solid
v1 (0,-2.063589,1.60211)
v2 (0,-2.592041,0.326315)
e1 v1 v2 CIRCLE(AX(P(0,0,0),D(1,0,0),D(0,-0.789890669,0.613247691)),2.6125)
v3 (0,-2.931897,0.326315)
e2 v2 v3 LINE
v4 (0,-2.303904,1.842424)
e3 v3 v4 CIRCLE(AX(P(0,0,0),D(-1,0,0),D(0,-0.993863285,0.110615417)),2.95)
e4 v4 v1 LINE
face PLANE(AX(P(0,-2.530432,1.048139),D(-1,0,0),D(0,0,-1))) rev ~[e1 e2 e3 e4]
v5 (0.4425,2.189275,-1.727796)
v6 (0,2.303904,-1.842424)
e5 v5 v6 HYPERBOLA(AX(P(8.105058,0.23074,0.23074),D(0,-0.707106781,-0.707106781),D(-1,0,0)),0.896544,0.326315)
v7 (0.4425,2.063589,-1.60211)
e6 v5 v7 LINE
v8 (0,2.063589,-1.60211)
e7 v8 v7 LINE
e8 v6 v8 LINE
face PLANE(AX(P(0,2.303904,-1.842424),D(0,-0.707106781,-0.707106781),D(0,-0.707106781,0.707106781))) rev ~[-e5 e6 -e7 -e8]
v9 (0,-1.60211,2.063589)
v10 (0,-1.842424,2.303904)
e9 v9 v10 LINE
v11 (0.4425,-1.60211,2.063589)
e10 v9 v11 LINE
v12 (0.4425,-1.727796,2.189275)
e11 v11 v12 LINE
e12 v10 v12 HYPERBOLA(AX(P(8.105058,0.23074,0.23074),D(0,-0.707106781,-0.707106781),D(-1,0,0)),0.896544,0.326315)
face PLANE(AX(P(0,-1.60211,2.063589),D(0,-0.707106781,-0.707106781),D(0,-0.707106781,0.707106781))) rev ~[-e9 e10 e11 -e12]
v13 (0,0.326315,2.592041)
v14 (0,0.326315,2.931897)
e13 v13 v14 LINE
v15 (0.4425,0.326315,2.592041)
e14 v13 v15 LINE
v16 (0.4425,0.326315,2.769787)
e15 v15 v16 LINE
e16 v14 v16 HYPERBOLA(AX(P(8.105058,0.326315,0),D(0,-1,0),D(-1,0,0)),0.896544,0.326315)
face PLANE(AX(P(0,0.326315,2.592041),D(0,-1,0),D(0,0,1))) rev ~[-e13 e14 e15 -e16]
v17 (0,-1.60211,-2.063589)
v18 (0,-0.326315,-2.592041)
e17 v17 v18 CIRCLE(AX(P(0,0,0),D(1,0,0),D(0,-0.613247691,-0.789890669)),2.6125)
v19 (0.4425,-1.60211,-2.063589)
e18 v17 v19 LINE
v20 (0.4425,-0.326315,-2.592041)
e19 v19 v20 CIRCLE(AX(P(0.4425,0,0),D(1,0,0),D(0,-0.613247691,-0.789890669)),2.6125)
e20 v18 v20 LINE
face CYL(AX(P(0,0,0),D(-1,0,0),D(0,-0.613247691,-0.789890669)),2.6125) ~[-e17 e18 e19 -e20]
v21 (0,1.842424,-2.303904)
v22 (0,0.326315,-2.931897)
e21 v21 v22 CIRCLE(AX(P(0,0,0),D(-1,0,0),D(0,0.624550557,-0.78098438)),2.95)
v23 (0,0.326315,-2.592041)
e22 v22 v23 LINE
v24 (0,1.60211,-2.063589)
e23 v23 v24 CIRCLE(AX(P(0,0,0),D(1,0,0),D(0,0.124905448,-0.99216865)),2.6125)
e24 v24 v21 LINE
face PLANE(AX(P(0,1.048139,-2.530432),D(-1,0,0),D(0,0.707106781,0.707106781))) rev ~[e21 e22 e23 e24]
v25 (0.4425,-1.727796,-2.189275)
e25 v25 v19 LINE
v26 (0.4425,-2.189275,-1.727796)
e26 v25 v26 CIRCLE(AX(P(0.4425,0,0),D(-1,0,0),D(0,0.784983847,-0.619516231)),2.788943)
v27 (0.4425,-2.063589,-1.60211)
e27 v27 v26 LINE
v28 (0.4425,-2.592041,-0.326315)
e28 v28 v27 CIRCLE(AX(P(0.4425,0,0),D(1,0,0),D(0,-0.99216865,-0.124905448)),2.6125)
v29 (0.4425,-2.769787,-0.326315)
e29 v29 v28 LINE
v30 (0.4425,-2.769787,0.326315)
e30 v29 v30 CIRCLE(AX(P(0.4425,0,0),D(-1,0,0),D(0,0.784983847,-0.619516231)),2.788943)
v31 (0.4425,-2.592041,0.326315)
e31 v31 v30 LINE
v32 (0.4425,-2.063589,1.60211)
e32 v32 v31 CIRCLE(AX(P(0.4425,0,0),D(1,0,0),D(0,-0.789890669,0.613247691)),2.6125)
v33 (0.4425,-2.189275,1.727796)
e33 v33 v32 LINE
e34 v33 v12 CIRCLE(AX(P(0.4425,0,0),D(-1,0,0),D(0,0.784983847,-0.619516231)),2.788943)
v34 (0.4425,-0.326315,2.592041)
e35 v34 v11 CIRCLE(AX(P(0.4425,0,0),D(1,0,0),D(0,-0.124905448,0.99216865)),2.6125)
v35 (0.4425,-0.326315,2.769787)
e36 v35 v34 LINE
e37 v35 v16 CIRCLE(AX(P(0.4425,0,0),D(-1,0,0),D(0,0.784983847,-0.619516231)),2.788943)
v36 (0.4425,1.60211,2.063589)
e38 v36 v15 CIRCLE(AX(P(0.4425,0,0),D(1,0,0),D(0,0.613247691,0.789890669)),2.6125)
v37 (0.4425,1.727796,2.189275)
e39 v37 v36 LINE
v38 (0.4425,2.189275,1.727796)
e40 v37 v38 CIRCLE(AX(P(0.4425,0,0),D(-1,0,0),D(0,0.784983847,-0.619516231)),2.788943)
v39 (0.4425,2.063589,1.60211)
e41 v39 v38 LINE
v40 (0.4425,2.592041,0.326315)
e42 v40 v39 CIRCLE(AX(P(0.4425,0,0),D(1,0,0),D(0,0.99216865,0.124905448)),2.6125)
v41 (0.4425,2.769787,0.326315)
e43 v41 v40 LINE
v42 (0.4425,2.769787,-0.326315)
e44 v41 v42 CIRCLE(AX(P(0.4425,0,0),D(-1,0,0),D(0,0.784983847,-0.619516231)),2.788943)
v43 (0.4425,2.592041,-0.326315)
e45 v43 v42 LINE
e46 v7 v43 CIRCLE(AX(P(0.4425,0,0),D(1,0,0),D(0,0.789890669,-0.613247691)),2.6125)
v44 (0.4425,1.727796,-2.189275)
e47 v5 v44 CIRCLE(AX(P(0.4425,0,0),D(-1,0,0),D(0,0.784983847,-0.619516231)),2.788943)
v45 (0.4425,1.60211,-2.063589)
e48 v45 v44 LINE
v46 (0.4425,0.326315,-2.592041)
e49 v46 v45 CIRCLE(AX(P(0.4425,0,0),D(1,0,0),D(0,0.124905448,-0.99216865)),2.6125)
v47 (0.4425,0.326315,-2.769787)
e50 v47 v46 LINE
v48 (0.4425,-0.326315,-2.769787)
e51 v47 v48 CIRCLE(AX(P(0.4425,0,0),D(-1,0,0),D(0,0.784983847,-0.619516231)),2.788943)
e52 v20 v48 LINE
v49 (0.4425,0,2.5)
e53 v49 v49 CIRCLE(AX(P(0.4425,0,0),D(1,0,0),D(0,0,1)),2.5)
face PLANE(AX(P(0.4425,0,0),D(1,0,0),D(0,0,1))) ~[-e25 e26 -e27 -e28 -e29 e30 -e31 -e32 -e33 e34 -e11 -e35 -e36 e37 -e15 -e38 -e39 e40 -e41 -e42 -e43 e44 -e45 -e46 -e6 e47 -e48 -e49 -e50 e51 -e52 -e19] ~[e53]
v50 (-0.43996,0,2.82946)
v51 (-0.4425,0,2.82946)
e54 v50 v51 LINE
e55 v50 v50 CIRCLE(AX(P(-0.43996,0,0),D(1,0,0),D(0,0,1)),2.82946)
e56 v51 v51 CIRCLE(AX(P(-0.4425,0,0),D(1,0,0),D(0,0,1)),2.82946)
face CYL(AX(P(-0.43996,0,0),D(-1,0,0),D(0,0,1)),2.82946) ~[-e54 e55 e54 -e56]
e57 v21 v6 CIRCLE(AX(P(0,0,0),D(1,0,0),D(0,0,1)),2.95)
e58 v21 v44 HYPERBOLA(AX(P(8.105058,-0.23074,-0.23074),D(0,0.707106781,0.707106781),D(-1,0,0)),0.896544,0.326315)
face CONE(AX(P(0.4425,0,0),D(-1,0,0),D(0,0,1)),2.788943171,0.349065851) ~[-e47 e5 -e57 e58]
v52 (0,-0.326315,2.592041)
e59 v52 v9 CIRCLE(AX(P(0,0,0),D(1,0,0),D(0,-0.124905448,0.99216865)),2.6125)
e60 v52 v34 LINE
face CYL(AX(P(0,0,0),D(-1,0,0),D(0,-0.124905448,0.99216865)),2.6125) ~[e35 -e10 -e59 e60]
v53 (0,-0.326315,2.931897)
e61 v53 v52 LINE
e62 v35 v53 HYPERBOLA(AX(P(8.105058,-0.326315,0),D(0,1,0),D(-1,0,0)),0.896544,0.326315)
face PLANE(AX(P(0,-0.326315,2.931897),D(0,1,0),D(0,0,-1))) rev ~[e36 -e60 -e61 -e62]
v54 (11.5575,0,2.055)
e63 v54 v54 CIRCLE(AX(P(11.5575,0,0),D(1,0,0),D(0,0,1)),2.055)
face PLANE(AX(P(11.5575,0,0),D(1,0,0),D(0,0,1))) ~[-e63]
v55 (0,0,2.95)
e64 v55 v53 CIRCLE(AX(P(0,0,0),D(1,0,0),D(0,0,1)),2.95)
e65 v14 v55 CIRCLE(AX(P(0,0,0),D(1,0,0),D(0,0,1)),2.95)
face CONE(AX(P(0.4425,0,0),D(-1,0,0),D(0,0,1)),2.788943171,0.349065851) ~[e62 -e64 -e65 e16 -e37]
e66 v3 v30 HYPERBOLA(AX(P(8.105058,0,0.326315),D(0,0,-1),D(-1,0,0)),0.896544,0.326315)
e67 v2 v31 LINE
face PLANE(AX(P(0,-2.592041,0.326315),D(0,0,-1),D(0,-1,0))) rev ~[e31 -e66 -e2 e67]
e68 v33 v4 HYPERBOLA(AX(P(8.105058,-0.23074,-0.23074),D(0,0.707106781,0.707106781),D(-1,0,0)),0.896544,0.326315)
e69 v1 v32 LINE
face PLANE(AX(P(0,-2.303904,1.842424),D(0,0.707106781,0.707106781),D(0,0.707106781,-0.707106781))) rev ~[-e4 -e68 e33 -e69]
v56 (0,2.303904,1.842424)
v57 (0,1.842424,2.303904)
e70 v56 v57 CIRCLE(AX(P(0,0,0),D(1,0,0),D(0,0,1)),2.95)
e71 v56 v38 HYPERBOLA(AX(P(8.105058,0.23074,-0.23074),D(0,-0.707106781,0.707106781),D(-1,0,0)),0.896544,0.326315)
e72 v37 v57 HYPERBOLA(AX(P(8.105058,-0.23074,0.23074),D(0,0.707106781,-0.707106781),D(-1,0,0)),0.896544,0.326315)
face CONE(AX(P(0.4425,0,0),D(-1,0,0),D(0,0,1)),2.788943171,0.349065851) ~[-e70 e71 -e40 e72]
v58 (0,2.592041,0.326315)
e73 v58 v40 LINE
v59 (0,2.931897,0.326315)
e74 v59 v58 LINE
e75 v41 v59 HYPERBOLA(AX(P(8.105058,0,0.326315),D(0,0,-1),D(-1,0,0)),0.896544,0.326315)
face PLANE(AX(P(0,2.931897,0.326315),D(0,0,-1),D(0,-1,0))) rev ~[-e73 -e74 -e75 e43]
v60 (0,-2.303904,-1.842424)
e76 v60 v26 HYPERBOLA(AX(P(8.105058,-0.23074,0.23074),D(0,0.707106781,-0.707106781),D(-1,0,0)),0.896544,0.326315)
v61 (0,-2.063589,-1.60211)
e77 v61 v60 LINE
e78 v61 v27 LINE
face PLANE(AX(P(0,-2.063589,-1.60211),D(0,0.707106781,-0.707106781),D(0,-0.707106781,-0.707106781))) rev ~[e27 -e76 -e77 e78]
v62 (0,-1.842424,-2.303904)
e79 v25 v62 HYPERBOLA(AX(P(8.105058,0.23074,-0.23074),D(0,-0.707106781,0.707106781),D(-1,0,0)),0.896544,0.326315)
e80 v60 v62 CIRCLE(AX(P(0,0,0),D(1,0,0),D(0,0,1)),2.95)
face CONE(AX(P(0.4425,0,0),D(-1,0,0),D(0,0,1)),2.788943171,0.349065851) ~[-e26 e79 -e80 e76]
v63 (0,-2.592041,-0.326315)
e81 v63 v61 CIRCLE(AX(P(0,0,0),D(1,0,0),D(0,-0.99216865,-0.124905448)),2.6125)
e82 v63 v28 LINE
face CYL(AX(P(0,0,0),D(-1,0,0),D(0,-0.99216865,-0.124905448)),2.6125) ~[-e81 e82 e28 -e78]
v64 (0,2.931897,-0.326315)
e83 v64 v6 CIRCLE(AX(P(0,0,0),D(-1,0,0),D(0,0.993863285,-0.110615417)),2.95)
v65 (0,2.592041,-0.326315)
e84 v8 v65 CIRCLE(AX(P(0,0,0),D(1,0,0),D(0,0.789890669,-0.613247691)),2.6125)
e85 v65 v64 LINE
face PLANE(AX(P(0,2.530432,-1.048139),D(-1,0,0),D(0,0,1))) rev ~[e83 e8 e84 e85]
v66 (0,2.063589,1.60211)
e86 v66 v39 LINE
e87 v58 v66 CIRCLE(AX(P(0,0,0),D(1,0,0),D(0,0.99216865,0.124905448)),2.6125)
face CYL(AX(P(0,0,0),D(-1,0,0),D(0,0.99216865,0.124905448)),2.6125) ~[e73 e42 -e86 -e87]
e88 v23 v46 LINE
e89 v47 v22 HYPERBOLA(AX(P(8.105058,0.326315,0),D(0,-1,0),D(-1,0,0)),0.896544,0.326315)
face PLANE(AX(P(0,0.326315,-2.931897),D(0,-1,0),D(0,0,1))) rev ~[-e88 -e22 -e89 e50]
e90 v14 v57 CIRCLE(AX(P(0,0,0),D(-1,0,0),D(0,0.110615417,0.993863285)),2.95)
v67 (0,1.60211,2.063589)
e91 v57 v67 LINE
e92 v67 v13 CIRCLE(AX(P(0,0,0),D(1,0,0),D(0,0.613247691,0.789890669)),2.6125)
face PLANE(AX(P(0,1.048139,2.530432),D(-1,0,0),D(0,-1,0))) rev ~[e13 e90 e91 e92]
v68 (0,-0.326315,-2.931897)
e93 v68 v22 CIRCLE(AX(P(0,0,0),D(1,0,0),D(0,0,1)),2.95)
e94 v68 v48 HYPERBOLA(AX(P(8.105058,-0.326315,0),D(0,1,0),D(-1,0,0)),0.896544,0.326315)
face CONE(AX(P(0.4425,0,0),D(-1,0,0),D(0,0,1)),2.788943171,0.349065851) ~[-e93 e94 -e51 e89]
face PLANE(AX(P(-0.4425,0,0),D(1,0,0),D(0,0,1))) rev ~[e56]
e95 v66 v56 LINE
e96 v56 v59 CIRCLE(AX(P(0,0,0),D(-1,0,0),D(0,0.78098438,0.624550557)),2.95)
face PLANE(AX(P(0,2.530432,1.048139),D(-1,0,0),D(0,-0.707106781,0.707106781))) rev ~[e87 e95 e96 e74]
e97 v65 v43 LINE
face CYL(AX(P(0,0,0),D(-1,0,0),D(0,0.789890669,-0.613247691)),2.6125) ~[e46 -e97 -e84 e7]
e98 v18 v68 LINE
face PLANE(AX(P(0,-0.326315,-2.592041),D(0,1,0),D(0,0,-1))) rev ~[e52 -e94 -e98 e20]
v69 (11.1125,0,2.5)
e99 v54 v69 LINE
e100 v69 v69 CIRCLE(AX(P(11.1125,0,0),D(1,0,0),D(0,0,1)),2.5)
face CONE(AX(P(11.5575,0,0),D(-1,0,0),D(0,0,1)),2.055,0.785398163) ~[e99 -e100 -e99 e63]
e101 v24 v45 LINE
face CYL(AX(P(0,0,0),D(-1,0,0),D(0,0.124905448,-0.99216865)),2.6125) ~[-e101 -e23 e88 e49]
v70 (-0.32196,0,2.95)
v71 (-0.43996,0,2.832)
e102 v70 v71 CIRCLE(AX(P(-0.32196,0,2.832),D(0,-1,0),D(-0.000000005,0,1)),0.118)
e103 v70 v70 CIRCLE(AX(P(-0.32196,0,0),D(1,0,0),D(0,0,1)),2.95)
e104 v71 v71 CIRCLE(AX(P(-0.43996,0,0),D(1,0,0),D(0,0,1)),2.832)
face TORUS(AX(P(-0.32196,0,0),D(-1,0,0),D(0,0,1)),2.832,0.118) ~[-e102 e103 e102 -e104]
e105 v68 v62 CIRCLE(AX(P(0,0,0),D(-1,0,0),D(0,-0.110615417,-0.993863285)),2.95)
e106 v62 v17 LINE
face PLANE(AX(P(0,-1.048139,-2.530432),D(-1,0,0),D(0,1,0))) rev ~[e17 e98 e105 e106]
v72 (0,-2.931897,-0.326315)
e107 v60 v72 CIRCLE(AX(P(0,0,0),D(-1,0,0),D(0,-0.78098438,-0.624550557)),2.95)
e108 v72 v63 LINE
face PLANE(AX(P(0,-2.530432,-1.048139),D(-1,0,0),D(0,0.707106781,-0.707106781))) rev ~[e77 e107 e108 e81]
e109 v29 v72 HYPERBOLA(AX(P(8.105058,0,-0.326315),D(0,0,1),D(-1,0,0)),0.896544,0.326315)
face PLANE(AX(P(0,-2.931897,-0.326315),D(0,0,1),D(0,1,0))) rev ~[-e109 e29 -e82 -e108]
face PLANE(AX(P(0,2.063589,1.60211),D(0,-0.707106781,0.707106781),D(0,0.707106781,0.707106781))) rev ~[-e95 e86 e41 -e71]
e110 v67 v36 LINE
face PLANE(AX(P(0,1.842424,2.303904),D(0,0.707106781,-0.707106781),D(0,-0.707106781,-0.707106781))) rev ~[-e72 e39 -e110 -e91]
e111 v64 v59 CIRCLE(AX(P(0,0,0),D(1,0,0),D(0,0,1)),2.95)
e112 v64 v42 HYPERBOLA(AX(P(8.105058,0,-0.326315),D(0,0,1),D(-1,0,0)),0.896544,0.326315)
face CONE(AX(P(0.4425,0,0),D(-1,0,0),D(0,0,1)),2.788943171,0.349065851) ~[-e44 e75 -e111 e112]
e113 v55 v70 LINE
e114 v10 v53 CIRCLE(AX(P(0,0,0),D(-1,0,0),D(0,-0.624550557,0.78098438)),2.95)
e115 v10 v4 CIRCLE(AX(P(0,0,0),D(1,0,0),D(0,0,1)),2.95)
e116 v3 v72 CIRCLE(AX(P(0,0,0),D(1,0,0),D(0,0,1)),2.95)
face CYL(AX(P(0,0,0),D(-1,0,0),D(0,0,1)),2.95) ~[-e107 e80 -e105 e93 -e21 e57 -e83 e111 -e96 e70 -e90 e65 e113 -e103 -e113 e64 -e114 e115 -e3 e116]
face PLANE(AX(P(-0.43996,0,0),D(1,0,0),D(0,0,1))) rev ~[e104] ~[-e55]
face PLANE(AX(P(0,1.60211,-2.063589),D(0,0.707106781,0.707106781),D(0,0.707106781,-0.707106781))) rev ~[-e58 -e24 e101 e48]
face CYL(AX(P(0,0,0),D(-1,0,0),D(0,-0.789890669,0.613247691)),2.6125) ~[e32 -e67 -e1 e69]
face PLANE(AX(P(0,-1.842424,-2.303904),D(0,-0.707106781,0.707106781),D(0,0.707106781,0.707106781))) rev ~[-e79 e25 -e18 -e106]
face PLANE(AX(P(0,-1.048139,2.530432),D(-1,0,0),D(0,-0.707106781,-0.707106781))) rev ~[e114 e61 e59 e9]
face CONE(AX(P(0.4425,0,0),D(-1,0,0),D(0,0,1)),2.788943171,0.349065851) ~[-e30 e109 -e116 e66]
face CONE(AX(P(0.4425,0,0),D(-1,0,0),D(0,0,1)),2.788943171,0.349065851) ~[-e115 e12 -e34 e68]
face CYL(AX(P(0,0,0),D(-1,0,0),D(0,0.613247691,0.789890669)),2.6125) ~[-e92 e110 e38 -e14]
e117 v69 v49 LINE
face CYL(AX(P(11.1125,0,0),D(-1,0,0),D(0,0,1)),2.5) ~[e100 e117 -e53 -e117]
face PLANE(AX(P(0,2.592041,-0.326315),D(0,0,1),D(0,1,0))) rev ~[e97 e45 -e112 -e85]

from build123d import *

# Parameters (mm, degrees)
RIBCUT_START     = -0.4425
RIBCUT_DEPTH     = 0.4425
RIBCUTSPAT_COUNT = 8
RIBCUTSPAT_ANGLE = 315


with BuildPart() as part:
    # BodySke → BaseBody (revolve)
    with BuildSketch(Plane.XY, mode=Mode.PRIVATE) as basebody_sk:
        with BuildLine():
            Line((-0.4425, 2.82946), (-0.4425, 0))
            Line((-0.4425, 0), (11.5575, 0))
            Line((11.5575, 0), (11.5575, 2.055))
            Line((11.5575, 2.055), (11.1125, 2.5))
            Line((11.1125, 2.5), (0.4425, 2.5))
            Line((0.4425, 2.5), (0.4425, 2.788943171))
            Line((0.4425, 2.788943171), (0, 2.95))
            Line((0, 2.95), (-0.32196, 2.95))
            ThreePointArc((-0.32196, 2.95), (-0.4053986, 2.9154386), (-0.43996, 2.832))
            Line((-0.43996, 2.832), (-0.43996, 2.82946))
            Line((-0.43996, 2.82946), (-0.4425, 2.82946))
        make_face()
    revolve(basebody_sk.sketch.rotate(Axis((0, 0, 0), (1, 0, 0)), 90), axis=Axis((0, 0, 0), (1, 0, 0)))

    # RibCutSke → RibCut (cut)
    with BuildSketch(Plane(origin=(0.4425, 1.794401132, -0.090952894), x_dir=(0, 0, -1), z_dir=(1, 0, 0)).offset(RIBCUT_START)):
        with BuildLine():
            Line((0.235362586, 0.797639465), (0.235362586, 1.137495559))
            ThreePointArc((0.235362586, 1.137495559), (1.037963231, 0.931043489), (1.751471249, 0.509502789))
            Line((1.751471249, 0.509502789), (1.5111567, 0.26918824))
            ThreePointArc((1.5111567, 0.26918824), (0.908807573, 0.619234146), (0.235362586, 0.797639465))
        make_face()
    ribcut = extrude(amount=RIBCUT_DEPTH, mode=Mode.SUBTRACT)

    # RibCutsPat: RibCut ×8 about axis
    ribcutspat_axis = Axis((0, 0, 0), (1, 0, 0))
    for i in range(1, RIBCUTSPAT_COUNT):
        add(ribcut.rotate(ribcutspat_axis, i * RIBCUTSPAT_ANGLE / (RIBCUTSPAT_COUNT - 1)), mode=Mode.SUBTRACT)


solid = part.part
